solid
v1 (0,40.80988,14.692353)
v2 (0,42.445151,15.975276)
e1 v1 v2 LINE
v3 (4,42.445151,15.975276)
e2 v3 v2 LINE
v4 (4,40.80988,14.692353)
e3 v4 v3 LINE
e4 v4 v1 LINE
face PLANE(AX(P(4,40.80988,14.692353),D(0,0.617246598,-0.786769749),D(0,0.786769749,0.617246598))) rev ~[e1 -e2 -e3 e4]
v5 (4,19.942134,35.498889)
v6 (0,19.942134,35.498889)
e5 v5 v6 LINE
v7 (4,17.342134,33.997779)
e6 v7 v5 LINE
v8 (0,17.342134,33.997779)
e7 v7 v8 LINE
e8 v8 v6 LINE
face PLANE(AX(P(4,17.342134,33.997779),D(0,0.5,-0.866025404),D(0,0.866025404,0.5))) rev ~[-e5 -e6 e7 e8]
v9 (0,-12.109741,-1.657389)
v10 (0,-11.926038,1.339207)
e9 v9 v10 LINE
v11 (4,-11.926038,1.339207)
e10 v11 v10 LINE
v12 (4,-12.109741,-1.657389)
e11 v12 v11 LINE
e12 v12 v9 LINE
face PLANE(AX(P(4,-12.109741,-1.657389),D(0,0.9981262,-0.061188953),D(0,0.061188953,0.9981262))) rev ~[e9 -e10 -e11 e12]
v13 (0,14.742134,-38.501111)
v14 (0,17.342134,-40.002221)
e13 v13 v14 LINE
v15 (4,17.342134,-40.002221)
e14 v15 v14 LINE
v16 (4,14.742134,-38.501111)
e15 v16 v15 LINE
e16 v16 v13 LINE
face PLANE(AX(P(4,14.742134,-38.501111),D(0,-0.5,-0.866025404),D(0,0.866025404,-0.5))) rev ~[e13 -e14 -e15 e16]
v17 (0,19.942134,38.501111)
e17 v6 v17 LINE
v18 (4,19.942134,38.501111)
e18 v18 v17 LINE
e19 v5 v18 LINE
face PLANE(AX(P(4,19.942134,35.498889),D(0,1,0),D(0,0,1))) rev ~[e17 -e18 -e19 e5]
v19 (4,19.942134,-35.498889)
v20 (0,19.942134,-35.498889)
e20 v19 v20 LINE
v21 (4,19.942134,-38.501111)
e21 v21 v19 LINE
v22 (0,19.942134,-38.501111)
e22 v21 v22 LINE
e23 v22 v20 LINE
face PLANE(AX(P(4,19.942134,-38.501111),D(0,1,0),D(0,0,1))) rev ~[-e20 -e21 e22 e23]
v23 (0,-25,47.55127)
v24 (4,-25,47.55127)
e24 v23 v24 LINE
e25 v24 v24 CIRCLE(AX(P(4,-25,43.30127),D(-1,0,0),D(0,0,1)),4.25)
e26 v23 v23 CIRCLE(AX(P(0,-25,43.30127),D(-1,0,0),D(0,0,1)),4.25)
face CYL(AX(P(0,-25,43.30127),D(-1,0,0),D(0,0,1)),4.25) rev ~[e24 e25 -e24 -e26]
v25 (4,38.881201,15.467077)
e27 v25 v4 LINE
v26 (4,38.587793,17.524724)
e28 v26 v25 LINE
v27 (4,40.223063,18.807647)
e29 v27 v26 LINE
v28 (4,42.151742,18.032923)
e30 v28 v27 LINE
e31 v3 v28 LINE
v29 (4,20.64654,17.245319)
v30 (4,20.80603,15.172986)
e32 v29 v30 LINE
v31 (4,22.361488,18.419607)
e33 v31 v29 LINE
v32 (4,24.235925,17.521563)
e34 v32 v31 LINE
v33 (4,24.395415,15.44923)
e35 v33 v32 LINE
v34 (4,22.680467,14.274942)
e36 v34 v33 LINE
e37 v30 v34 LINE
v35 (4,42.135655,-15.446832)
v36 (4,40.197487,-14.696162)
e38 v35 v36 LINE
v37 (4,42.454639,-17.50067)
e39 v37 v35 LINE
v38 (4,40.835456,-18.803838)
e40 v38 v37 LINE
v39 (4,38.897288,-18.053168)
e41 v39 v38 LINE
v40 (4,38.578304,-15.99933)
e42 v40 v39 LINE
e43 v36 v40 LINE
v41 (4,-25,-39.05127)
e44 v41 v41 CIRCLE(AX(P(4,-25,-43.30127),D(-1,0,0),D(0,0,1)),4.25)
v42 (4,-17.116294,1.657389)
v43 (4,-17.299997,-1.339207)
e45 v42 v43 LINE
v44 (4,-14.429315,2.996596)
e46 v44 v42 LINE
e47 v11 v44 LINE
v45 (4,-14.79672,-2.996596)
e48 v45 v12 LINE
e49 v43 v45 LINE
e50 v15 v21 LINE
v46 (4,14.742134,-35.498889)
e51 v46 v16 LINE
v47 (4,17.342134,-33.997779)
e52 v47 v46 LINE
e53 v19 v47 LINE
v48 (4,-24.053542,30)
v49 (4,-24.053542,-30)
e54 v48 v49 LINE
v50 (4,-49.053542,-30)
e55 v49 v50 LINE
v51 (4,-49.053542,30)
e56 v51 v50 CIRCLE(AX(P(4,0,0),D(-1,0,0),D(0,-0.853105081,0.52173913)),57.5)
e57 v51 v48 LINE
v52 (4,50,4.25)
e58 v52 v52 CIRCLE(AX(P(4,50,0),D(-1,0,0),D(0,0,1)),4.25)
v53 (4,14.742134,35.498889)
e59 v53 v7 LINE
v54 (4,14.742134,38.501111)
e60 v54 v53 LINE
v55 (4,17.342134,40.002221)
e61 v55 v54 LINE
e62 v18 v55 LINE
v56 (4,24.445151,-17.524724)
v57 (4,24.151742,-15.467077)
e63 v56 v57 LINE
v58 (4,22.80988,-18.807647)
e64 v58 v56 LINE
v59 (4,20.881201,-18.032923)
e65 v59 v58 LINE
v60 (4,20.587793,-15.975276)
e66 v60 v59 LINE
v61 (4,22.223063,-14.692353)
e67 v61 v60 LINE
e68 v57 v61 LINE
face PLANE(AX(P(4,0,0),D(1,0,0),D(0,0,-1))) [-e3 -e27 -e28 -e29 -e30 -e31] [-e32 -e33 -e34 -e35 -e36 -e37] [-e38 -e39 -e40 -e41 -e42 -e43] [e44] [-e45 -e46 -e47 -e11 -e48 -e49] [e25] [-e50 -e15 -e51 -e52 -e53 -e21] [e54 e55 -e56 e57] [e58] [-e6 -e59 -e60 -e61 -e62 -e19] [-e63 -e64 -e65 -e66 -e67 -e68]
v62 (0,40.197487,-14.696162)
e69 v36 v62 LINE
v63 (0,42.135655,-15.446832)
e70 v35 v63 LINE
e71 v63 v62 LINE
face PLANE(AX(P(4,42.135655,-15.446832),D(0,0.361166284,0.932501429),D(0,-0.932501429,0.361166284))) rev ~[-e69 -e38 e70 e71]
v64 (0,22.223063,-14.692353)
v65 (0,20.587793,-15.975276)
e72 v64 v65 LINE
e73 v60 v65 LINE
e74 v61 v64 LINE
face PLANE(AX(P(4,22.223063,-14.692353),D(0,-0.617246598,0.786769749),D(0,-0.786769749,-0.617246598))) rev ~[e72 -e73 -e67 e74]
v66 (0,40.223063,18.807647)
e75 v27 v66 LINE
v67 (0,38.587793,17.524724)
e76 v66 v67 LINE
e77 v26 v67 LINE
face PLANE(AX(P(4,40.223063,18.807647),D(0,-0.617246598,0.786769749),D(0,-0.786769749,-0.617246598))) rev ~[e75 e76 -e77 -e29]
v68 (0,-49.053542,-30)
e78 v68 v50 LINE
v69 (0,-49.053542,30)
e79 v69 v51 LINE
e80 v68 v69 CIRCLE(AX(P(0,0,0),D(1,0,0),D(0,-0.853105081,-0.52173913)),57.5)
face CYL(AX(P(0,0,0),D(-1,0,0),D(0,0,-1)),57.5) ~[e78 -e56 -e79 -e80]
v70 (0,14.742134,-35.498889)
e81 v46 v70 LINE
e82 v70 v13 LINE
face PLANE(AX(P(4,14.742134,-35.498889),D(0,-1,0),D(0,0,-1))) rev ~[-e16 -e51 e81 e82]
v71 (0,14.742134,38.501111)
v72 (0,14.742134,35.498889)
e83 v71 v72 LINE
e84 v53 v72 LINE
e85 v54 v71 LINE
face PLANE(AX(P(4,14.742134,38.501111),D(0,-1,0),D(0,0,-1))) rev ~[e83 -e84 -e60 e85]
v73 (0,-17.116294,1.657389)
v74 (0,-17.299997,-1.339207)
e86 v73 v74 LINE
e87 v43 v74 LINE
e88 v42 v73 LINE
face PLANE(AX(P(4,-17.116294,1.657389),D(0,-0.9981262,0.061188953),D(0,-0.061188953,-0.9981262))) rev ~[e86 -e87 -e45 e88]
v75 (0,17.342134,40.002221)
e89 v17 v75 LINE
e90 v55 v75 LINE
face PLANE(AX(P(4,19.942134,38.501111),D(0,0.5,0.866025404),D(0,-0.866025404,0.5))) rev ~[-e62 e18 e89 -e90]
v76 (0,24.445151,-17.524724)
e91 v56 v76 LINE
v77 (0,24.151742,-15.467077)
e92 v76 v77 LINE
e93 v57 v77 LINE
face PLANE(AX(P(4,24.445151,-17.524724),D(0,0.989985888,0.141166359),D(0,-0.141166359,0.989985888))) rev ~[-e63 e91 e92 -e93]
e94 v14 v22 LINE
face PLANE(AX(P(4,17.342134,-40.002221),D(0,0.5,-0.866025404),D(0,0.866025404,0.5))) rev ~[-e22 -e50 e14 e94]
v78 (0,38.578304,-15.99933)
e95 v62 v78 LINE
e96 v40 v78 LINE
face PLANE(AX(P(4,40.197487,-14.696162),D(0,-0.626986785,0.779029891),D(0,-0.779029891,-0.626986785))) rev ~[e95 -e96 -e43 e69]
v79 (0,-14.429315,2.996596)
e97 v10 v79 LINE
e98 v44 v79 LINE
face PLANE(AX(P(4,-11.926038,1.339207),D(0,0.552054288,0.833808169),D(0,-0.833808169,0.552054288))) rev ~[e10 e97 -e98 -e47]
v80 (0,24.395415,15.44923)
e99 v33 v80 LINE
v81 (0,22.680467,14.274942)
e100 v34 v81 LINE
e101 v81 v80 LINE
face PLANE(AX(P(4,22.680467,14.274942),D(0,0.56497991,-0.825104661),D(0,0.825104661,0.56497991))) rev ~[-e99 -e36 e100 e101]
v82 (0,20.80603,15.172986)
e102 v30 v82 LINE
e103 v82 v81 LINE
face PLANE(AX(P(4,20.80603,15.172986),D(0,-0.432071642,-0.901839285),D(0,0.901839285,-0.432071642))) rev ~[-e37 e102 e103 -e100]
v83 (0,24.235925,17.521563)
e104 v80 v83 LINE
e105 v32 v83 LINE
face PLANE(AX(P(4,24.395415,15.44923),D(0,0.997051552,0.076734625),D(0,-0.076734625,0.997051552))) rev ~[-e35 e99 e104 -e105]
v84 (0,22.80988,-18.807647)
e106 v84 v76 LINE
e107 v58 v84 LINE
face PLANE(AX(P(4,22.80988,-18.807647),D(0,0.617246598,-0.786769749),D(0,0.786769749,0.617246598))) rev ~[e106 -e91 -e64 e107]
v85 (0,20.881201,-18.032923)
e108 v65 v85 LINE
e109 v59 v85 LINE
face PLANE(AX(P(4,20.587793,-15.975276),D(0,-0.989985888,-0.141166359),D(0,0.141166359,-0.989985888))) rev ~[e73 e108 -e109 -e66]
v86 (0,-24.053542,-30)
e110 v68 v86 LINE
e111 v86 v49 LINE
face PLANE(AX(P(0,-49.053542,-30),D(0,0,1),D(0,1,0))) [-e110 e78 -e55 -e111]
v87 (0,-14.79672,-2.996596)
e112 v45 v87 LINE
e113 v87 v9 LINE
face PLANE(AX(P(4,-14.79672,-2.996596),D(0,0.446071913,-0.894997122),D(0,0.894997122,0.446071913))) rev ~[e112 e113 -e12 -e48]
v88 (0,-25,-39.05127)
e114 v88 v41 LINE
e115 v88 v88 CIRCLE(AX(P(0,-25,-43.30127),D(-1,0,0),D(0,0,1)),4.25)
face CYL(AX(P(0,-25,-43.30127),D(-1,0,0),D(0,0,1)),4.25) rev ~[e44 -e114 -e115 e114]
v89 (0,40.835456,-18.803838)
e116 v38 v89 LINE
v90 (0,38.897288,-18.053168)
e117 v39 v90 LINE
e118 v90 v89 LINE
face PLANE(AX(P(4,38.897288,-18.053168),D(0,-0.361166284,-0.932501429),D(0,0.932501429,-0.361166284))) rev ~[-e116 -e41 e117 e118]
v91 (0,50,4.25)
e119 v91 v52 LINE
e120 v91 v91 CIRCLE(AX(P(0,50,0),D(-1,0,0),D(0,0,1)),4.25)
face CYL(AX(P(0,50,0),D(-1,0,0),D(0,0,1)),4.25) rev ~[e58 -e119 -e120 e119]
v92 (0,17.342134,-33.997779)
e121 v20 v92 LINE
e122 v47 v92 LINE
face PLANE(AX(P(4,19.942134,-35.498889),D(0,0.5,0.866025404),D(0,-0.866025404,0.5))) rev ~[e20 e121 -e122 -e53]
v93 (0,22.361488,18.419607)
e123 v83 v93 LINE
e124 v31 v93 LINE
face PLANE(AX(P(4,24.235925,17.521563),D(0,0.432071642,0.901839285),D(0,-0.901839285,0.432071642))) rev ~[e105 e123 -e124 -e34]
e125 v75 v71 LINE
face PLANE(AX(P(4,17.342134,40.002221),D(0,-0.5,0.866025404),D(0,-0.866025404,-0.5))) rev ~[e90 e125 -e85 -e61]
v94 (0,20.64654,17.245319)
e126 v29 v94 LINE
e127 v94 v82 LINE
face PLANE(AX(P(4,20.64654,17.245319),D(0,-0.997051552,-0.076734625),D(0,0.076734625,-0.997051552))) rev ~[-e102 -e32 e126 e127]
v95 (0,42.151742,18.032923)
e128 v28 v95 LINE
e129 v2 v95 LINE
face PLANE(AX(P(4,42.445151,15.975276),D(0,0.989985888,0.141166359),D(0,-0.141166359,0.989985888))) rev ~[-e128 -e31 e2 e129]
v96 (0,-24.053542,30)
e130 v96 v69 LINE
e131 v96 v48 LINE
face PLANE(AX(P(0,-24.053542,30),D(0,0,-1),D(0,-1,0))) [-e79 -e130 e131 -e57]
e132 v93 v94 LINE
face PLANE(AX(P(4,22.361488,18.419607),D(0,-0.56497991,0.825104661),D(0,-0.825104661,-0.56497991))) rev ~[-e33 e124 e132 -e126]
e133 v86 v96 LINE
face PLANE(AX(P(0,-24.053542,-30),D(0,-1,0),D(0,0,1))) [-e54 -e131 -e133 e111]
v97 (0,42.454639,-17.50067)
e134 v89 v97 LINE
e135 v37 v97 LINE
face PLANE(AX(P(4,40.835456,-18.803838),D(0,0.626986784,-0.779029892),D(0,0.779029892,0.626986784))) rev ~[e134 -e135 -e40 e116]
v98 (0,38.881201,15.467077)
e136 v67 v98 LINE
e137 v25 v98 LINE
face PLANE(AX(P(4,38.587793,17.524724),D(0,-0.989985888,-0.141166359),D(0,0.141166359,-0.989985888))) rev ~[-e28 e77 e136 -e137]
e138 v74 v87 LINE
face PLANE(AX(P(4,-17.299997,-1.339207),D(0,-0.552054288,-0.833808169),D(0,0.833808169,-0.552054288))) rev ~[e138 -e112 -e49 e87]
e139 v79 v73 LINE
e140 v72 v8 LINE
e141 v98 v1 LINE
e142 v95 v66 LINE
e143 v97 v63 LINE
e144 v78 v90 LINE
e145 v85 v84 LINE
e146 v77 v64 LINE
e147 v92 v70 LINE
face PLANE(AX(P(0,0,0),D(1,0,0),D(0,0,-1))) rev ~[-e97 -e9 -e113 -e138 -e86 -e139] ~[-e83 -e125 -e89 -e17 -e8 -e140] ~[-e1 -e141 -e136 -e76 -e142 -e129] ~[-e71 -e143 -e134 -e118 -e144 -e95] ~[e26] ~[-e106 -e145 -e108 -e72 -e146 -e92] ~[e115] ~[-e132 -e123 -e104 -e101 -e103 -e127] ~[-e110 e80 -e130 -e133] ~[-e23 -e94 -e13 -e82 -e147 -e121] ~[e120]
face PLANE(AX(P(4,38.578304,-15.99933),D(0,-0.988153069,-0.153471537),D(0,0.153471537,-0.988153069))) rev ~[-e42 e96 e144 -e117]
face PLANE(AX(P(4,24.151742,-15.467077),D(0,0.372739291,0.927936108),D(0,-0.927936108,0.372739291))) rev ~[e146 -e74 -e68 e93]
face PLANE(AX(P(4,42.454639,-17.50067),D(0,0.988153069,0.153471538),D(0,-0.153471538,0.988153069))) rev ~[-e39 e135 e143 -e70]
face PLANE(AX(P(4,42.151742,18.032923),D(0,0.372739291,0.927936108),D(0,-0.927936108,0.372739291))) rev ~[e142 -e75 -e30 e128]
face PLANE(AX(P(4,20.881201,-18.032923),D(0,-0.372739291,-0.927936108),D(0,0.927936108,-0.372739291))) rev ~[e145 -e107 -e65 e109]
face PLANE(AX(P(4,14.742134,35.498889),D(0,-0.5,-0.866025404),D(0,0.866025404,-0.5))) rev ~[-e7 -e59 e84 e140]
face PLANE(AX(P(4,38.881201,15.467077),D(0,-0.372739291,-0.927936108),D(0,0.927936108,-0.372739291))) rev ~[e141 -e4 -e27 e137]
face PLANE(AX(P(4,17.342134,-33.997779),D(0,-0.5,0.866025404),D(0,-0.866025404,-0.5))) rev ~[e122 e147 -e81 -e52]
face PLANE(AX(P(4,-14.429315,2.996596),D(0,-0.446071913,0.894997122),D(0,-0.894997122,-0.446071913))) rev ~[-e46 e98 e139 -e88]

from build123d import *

# Parameters (mm, degrees)
SKETCH1_R           = 57.5
BOSS_EXTRUDE1_DEPTH = 4
SKETCH2_R           = 4.25
CUT_EXTRUDE1_DEPTH  = 82.415600471
CUT_EXTRUDE2_DEPTH  = 82.415600471
CUT_EXTRUDE3_DEPTH  = 82.415600471


with BuildPart() as part:
    # Sketch1 → Boss-Extrude1 (new body)
    with BuildSketch(Plane(origin=(0, 0, 0), x_dir=(0, 0, -1), z_dir=(1, 0, 0))):
        Circle(SKETCH1_R)
    extrude(amount=BOSS_EXTRUDE1_DEPTH)

    # Sketch2 → Cut-Extrude1 (cut, through all)
    with BuildSketch(Plane.ZY):
        with Locations((0, 50)):
            Circle(SKETCH2_R)
        with Locations((43.301270189, -25)):
            Circle(SKETCH2_R)
        with Locations((-43.301270189, -25)):
            Circle(SKETCH2_R)
    extrude(amount=-CUT_EXTRUDE1_DEPTH, mode=Mode.SUBTRACT)

    # Sketch3 → Cut-Extrude2 (cut, through all)
    with BuildSketch(Plane.ZY):
        with BuildLine():
            Line((-30, -49.053542176), (-30, -24.053542176))
            Line((-30, -24.053542176), (30, -24.053542176))
            Line((30, -24.053542176), (30, -49.053542176))
            ThreePointArc((30, -49.053542176), (0, -57.5), (-30, -49.053542176))
        make_face()
    extrude(amount=-CUT_EXTRUDE2_DEPTH, mode=Mode.SUBTRACT)

    # Sketch4 → Cut-Extrude3 (cut, through all)
    with BuildSketch(Plane(origin=(4, 0, 0), x_dir=(0, 0, -1), z_dir=(1, 0, 0))):
        Polygon((15.999329975, 38.578303843), (18.05316756, 38.897288443), (18.803837585, 40.835456267), (17.500670025, 42.454639491), (15.44683244, 42.13565489), (14.696162415, 40.197487066), align=None)
        Polygon((-17.524724067, 38.587792684), (-15.467077039, 38.881201452), (-14.692352971, 40.809880435), (-15.975275933, 42.44515065), (-18.032922961, 42.151741882), (-18.807647029, 40.223062899), align=None)
        Polygon((15.975275933, 20.587792684), (18.032922961, 20.881201452), (18.807647029, 22.809880435), (17.524724067, 24.44515065), (15.467077039, 24.151741882), (14.692352971, 22.223062899), align=None)
        Polygon((-17.245318548, 20.646539693), (-15.172985813, 20.806029616), (-14.27494177, 22.680467371), (-15.449230462, 24.395415203), (-17.521563197, 24.235925281), (-18.41960724, 22.361487526), align=None)
        Polygon((33.9977786, 17.342133915), (35.4988893, 14.742133915), (38.5011107, 14.742133915), (40.0022214, 17.342133915), (38.5011107, 19.942133915), (35.4988893, 19.942133915), align=None)
        Polygon((-40.0022214, 17.342133915), (-38.5011107, 14.742133915), (-35.4988893, 14.742133915), (-33.9977786, 17.342133915), (-35.4988893, 19.942133915), (-38.5011107, 19.942133915), align=None)
        Polygon((-1.657389197, -17.116294048), (1.339206641, -17.299996833), (2.996595839, -14.796720104), (1.657389197, -12.109740591), (-1.339206641, -11.926037806), (-2.996595839, -14.429314535), align=None)
    extrude(amount=-CUT_EXTRUDE3_DEPTH, mode=Mode.SUBTRACT)


solid = part.part
